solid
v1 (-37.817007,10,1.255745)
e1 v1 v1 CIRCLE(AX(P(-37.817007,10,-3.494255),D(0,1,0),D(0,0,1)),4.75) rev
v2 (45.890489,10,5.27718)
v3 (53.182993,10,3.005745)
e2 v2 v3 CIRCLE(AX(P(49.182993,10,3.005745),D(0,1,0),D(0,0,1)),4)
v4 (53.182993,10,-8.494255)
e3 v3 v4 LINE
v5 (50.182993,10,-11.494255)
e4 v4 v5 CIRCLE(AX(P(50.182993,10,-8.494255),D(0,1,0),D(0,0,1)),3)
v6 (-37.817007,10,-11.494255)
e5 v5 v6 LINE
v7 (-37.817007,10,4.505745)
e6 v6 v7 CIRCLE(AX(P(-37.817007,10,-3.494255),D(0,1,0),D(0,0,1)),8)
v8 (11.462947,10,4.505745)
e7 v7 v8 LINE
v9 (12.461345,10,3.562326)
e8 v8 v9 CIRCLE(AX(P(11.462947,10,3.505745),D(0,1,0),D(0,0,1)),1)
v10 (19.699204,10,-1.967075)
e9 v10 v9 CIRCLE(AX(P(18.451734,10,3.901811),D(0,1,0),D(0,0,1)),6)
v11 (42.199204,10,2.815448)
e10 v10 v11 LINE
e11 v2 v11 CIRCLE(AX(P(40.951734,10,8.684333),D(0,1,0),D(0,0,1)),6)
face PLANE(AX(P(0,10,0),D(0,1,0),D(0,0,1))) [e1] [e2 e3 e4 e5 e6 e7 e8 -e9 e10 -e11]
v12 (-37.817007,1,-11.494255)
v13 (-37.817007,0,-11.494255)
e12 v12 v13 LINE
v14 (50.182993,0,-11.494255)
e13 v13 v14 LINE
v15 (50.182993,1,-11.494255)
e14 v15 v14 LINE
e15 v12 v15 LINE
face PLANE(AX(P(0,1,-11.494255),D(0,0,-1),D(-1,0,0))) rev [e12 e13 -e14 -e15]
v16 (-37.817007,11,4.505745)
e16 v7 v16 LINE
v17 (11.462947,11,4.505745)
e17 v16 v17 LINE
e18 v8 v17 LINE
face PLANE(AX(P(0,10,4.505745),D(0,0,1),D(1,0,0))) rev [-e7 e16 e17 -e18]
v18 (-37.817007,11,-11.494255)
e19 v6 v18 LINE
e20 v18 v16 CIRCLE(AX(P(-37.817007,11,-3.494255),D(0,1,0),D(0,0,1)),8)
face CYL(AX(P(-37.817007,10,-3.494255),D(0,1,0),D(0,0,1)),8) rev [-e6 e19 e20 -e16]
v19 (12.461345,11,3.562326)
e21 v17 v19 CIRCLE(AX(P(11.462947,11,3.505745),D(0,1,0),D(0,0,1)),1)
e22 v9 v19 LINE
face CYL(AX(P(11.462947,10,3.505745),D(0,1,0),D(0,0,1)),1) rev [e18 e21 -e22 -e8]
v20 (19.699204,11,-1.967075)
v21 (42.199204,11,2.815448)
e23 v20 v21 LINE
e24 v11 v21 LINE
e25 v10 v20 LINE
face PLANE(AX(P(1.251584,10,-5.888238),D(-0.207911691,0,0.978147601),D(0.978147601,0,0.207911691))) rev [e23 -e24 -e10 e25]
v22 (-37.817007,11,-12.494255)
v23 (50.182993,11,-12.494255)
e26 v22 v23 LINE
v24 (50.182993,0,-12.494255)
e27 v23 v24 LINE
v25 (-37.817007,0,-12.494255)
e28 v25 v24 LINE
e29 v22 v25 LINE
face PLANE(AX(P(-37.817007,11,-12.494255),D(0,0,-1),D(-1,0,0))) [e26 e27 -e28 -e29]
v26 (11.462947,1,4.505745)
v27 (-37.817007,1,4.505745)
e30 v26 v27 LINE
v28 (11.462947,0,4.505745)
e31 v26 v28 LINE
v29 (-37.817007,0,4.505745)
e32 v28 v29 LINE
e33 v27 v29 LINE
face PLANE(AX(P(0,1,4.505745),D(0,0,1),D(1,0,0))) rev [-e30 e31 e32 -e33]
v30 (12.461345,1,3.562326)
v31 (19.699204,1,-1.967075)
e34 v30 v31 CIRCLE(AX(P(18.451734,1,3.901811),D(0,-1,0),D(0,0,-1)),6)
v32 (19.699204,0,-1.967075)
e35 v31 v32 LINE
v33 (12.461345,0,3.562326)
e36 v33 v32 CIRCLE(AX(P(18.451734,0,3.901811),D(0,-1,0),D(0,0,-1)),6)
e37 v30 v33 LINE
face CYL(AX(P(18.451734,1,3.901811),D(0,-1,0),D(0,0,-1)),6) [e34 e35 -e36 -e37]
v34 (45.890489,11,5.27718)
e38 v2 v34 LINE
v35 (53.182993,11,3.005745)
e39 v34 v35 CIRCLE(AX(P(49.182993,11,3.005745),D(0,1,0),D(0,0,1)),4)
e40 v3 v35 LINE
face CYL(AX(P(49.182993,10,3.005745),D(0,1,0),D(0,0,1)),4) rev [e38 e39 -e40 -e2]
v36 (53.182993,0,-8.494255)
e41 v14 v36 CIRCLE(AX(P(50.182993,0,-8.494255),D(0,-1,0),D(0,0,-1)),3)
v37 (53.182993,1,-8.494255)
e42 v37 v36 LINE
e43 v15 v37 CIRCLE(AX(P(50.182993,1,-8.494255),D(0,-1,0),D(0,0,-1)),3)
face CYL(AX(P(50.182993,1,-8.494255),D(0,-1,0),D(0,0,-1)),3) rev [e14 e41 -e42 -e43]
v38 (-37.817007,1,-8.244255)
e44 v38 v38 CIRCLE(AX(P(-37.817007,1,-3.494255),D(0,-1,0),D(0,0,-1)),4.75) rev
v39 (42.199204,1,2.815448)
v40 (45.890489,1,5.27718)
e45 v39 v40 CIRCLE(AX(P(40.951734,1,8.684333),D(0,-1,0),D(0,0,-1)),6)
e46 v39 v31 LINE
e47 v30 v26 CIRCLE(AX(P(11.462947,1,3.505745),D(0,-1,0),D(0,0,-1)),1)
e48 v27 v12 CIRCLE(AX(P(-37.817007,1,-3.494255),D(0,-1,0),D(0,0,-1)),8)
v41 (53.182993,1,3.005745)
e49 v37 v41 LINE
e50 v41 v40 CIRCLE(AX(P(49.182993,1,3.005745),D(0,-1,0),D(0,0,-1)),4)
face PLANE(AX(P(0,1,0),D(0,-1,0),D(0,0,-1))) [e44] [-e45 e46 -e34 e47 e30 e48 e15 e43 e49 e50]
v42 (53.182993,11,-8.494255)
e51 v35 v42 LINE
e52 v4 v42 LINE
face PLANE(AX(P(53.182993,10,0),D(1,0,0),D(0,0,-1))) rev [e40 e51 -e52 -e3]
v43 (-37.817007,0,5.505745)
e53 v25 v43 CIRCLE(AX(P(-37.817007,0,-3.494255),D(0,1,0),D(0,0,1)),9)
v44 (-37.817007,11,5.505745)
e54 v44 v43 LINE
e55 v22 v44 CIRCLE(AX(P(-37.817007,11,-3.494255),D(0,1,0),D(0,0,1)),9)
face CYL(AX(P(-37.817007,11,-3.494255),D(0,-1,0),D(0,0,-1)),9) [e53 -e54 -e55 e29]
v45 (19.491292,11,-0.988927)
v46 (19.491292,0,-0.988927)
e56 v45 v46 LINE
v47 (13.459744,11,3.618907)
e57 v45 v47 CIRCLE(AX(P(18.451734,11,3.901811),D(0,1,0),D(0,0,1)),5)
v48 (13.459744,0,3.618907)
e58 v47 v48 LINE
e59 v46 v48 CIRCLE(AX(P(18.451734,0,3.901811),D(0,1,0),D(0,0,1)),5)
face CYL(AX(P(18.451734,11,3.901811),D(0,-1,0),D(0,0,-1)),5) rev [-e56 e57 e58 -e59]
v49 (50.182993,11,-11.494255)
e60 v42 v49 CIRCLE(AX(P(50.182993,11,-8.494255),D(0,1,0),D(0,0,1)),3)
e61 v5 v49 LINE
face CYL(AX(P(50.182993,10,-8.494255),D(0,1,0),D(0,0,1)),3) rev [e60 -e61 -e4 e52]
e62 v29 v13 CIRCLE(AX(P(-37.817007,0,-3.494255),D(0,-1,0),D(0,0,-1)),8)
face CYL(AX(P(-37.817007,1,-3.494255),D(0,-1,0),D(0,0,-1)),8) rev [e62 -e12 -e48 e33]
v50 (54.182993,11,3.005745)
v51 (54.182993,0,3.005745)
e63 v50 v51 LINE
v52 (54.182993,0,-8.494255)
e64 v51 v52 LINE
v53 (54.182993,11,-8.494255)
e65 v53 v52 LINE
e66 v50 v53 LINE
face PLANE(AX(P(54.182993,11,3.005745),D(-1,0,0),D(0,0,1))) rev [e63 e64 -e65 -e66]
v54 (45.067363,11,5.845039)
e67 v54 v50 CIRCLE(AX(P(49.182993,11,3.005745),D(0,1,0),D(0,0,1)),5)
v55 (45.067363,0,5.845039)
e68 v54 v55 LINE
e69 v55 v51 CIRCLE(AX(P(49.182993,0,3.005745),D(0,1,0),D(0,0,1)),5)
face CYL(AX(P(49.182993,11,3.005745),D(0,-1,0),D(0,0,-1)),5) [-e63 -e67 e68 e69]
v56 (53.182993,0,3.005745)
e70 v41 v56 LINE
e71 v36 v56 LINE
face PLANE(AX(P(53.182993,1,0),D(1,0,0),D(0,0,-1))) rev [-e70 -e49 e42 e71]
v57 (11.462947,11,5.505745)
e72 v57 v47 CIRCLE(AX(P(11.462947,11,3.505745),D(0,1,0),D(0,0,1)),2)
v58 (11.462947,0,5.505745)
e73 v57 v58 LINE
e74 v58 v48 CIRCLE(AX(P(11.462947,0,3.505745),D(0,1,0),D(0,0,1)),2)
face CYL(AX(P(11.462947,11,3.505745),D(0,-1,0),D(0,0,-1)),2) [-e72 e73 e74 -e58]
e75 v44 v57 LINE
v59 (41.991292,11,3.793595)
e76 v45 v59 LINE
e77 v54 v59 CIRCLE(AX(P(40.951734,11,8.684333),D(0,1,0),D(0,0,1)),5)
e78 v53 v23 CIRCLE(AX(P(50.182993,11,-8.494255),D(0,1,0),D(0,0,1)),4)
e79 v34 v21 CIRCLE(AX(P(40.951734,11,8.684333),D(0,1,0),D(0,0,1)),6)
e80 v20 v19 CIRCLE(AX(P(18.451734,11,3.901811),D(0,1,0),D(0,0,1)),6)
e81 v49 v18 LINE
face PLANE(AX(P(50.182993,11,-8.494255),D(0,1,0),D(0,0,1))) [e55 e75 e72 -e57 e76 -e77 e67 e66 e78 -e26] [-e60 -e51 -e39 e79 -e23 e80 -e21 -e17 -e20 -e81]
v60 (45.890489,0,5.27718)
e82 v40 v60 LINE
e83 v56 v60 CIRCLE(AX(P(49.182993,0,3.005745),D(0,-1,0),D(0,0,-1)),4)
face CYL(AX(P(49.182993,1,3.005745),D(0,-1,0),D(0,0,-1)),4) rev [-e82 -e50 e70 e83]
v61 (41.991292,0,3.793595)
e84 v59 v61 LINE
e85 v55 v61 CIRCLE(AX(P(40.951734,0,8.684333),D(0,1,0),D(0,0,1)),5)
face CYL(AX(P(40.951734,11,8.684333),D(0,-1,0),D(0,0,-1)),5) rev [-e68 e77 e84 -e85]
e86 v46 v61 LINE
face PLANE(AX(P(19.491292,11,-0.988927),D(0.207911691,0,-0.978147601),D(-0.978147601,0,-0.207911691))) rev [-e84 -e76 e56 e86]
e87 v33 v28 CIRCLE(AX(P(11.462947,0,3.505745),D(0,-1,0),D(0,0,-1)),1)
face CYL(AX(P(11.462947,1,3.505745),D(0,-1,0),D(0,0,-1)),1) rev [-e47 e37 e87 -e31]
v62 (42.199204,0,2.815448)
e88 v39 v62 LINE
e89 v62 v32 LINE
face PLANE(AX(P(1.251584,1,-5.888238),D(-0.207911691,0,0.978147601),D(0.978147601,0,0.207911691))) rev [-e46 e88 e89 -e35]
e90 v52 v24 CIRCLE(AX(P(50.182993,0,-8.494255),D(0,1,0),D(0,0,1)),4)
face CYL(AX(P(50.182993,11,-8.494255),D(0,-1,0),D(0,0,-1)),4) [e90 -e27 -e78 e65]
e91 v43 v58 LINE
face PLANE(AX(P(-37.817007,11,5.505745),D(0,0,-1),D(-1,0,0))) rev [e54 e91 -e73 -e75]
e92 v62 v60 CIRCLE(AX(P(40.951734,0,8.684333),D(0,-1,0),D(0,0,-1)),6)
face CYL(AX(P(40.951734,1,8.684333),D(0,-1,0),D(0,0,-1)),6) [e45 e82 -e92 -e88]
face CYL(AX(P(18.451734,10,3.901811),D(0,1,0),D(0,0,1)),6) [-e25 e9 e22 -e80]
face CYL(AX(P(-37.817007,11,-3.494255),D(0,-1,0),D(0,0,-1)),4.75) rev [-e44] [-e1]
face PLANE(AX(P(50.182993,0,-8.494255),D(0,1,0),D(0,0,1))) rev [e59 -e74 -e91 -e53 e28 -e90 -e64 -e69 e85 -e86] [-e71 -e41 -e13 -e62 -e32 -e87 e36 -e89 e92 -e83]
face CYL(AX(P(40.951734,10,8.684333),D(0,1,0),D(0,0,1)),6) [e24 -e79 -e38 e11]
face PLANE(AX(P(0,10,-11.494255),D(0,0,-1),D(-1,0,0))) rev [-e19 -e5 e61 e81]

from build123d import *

# Parameters (mm, degrees)
SKETCH1_R           = 4.75
BOSS_EXTRUDE1_DEPTH = 11
CUT_EXTRUDE1_DEPTH  = 1
CUT_EXTRUDE2_START  = -1
CUT_EXTRUDE2_DEPTH  = 1


with BuildPart() as part:
    # Sketch1 → Boss-Extrude1 (new body)
    with BuildSketch(Plane(origin=(0, 0, 0), x_dir=(1, 0, 0), z_dir=(0, 1, 0))):
        with BuildLine():
            Line((19.491292084, 0.988927265), (41.991292084, -3.793595372))
            ThreePointArc((41.991292084, -3.793595372), (43.725917616, -4.524537322), (45.067363393, -5.845039159))
            ThreePointArc((45.067363393, -5.845039159), (50.669911309, -7.779535303), (54.182993157, -3.005744942))
            Line((54.182993157, -3.005744942), (54.182993157, 8.494255058))
            ThreePointArc((54.182993157, 8.494255058), (53.011420282, 11.322682182), (50.182993157, 12.494255058))
            Line((50.182993157, 12.494255058), (-37.817006843, 12.494255058))
            ThreePointArc((-37.817006843, 12.494255058), (-46.817006843, 3.494255058), (-37.817006843, -5.505744942))
            Line((-37.817006843, -5.505744942), (11.462947477, -5.505744942))
            ThreePointArc((11.462947477, -5.505744942), (12.836569821, -4.959416727), (13.459743521, -3.618906598))
            ThreePointArc((13.459743521, -3.618906598), (15.416365081, 0.071416888), (19.491292084, 0.988927265))
        make_face()
        with Locations(Location((-37.817006843, 3.494255058, 0), (0, 0, 270))):
            Circle(SKETCH1_R, mode=Mode.SUBTRACT)
    extrude(amount=BOSS_EXTRUDE1_DEPTH)

    # Sketch2 → Cut-Extrude1 (cut)
    with BuildSketch(Plane(origin=(0, 11, 0), x_dir=(1, 0, 0), z_dir=(0, 1, 0))):
        with BuildLine():
            Line((50.182993157, 11.494255058), (-37.817006843, 11.494255058))
            ThreePointArc((-37.817006843, 11.494255058), (-45.817006843, 3.494255058), (-37.817006843, -4.505744942))
            Line((-37.817006843, -4.505744942), (11.462947477, -4.505744942))
            ThreePointArc((11.462947477, -4.505744942), (12.149758649, -4.232580835), (12.461345499, -3.56232577))
            ThreePointArc((12.461345499, -3.56232577), (14.809291371, 0.866062414), (19.699203775, 1.967074866))
            Line((19.699203775, 1.967074866), (42.199203775, -2.815447772))
            ThreePointArc((42.199203775, -2.815447772), (44.280754414, -3.692578112), (45.890489346, -5.277180316))
            ThreePointArc((45.890489346, -5.277180316), (50.372527679, -6.824777231), (53.182993157, -3.005744942))
            Line((53.182993157, -3.005744942), (53.182993157, 8.494255058))
            ThreePointArc((53.182993157, 8.494255058), (52.3043135, 10.615575401), (50.182993157, 11.494255058))
        make_face()
    extrude(amount=-CUT_EXTRUDE1_DEPTH, mode=Mode.SUBTRACT)

    # Sketch3 → Cut-Extrude2 (cut)
    with BuildSketch(Plane.XZ.offset(CUT_EXTRUDE2_START)):
        with BuildLine():
            Line((11.462947477, 4.505744942), (-37.817006843, 4.505744942))
            ThreePointArc((-37.817006843, 4.505744942), (-45.817006843, -3.494255058), (-37.817006843, -11.494255058))
            Line((-37.817006843, -11.494255058), (50.182993157, -11.494255058))
            ThreePointArc((50.182993157, -11.494255058), (52.3043135, -10.615575401), (53.182993157, -8.494255058))
            Line((53.182993157, -8.494255058), (53.182993157, 3.005744942))
            ThreePointArc((53.182993157, 3.005744942), (50.372527679, 6.824777231), (45.890489346, 5.277180316))
            ThreePointArc((45.890489346, 5.277180316), (44.280754414, 3.692578112), (42.199203775, 2.815447772))
            Line((42.199203775, 2.815447772), (19.699203775, -1.967074866))
            ThreePointArc((19.699203775, -1.967074866), (14.809291371, -0.866062414), (12.461345499, 3.56232577))
            ThreePointArc((12.461345499, 3.56232577), (12.149758649, 4.232580835), (11.462947477, 4.505744942))
        make_face()
    extrude(amount=CUT_EXTRUDE2_DEPTH, mode=Mode.SUBTRACT)


solid = part.part
